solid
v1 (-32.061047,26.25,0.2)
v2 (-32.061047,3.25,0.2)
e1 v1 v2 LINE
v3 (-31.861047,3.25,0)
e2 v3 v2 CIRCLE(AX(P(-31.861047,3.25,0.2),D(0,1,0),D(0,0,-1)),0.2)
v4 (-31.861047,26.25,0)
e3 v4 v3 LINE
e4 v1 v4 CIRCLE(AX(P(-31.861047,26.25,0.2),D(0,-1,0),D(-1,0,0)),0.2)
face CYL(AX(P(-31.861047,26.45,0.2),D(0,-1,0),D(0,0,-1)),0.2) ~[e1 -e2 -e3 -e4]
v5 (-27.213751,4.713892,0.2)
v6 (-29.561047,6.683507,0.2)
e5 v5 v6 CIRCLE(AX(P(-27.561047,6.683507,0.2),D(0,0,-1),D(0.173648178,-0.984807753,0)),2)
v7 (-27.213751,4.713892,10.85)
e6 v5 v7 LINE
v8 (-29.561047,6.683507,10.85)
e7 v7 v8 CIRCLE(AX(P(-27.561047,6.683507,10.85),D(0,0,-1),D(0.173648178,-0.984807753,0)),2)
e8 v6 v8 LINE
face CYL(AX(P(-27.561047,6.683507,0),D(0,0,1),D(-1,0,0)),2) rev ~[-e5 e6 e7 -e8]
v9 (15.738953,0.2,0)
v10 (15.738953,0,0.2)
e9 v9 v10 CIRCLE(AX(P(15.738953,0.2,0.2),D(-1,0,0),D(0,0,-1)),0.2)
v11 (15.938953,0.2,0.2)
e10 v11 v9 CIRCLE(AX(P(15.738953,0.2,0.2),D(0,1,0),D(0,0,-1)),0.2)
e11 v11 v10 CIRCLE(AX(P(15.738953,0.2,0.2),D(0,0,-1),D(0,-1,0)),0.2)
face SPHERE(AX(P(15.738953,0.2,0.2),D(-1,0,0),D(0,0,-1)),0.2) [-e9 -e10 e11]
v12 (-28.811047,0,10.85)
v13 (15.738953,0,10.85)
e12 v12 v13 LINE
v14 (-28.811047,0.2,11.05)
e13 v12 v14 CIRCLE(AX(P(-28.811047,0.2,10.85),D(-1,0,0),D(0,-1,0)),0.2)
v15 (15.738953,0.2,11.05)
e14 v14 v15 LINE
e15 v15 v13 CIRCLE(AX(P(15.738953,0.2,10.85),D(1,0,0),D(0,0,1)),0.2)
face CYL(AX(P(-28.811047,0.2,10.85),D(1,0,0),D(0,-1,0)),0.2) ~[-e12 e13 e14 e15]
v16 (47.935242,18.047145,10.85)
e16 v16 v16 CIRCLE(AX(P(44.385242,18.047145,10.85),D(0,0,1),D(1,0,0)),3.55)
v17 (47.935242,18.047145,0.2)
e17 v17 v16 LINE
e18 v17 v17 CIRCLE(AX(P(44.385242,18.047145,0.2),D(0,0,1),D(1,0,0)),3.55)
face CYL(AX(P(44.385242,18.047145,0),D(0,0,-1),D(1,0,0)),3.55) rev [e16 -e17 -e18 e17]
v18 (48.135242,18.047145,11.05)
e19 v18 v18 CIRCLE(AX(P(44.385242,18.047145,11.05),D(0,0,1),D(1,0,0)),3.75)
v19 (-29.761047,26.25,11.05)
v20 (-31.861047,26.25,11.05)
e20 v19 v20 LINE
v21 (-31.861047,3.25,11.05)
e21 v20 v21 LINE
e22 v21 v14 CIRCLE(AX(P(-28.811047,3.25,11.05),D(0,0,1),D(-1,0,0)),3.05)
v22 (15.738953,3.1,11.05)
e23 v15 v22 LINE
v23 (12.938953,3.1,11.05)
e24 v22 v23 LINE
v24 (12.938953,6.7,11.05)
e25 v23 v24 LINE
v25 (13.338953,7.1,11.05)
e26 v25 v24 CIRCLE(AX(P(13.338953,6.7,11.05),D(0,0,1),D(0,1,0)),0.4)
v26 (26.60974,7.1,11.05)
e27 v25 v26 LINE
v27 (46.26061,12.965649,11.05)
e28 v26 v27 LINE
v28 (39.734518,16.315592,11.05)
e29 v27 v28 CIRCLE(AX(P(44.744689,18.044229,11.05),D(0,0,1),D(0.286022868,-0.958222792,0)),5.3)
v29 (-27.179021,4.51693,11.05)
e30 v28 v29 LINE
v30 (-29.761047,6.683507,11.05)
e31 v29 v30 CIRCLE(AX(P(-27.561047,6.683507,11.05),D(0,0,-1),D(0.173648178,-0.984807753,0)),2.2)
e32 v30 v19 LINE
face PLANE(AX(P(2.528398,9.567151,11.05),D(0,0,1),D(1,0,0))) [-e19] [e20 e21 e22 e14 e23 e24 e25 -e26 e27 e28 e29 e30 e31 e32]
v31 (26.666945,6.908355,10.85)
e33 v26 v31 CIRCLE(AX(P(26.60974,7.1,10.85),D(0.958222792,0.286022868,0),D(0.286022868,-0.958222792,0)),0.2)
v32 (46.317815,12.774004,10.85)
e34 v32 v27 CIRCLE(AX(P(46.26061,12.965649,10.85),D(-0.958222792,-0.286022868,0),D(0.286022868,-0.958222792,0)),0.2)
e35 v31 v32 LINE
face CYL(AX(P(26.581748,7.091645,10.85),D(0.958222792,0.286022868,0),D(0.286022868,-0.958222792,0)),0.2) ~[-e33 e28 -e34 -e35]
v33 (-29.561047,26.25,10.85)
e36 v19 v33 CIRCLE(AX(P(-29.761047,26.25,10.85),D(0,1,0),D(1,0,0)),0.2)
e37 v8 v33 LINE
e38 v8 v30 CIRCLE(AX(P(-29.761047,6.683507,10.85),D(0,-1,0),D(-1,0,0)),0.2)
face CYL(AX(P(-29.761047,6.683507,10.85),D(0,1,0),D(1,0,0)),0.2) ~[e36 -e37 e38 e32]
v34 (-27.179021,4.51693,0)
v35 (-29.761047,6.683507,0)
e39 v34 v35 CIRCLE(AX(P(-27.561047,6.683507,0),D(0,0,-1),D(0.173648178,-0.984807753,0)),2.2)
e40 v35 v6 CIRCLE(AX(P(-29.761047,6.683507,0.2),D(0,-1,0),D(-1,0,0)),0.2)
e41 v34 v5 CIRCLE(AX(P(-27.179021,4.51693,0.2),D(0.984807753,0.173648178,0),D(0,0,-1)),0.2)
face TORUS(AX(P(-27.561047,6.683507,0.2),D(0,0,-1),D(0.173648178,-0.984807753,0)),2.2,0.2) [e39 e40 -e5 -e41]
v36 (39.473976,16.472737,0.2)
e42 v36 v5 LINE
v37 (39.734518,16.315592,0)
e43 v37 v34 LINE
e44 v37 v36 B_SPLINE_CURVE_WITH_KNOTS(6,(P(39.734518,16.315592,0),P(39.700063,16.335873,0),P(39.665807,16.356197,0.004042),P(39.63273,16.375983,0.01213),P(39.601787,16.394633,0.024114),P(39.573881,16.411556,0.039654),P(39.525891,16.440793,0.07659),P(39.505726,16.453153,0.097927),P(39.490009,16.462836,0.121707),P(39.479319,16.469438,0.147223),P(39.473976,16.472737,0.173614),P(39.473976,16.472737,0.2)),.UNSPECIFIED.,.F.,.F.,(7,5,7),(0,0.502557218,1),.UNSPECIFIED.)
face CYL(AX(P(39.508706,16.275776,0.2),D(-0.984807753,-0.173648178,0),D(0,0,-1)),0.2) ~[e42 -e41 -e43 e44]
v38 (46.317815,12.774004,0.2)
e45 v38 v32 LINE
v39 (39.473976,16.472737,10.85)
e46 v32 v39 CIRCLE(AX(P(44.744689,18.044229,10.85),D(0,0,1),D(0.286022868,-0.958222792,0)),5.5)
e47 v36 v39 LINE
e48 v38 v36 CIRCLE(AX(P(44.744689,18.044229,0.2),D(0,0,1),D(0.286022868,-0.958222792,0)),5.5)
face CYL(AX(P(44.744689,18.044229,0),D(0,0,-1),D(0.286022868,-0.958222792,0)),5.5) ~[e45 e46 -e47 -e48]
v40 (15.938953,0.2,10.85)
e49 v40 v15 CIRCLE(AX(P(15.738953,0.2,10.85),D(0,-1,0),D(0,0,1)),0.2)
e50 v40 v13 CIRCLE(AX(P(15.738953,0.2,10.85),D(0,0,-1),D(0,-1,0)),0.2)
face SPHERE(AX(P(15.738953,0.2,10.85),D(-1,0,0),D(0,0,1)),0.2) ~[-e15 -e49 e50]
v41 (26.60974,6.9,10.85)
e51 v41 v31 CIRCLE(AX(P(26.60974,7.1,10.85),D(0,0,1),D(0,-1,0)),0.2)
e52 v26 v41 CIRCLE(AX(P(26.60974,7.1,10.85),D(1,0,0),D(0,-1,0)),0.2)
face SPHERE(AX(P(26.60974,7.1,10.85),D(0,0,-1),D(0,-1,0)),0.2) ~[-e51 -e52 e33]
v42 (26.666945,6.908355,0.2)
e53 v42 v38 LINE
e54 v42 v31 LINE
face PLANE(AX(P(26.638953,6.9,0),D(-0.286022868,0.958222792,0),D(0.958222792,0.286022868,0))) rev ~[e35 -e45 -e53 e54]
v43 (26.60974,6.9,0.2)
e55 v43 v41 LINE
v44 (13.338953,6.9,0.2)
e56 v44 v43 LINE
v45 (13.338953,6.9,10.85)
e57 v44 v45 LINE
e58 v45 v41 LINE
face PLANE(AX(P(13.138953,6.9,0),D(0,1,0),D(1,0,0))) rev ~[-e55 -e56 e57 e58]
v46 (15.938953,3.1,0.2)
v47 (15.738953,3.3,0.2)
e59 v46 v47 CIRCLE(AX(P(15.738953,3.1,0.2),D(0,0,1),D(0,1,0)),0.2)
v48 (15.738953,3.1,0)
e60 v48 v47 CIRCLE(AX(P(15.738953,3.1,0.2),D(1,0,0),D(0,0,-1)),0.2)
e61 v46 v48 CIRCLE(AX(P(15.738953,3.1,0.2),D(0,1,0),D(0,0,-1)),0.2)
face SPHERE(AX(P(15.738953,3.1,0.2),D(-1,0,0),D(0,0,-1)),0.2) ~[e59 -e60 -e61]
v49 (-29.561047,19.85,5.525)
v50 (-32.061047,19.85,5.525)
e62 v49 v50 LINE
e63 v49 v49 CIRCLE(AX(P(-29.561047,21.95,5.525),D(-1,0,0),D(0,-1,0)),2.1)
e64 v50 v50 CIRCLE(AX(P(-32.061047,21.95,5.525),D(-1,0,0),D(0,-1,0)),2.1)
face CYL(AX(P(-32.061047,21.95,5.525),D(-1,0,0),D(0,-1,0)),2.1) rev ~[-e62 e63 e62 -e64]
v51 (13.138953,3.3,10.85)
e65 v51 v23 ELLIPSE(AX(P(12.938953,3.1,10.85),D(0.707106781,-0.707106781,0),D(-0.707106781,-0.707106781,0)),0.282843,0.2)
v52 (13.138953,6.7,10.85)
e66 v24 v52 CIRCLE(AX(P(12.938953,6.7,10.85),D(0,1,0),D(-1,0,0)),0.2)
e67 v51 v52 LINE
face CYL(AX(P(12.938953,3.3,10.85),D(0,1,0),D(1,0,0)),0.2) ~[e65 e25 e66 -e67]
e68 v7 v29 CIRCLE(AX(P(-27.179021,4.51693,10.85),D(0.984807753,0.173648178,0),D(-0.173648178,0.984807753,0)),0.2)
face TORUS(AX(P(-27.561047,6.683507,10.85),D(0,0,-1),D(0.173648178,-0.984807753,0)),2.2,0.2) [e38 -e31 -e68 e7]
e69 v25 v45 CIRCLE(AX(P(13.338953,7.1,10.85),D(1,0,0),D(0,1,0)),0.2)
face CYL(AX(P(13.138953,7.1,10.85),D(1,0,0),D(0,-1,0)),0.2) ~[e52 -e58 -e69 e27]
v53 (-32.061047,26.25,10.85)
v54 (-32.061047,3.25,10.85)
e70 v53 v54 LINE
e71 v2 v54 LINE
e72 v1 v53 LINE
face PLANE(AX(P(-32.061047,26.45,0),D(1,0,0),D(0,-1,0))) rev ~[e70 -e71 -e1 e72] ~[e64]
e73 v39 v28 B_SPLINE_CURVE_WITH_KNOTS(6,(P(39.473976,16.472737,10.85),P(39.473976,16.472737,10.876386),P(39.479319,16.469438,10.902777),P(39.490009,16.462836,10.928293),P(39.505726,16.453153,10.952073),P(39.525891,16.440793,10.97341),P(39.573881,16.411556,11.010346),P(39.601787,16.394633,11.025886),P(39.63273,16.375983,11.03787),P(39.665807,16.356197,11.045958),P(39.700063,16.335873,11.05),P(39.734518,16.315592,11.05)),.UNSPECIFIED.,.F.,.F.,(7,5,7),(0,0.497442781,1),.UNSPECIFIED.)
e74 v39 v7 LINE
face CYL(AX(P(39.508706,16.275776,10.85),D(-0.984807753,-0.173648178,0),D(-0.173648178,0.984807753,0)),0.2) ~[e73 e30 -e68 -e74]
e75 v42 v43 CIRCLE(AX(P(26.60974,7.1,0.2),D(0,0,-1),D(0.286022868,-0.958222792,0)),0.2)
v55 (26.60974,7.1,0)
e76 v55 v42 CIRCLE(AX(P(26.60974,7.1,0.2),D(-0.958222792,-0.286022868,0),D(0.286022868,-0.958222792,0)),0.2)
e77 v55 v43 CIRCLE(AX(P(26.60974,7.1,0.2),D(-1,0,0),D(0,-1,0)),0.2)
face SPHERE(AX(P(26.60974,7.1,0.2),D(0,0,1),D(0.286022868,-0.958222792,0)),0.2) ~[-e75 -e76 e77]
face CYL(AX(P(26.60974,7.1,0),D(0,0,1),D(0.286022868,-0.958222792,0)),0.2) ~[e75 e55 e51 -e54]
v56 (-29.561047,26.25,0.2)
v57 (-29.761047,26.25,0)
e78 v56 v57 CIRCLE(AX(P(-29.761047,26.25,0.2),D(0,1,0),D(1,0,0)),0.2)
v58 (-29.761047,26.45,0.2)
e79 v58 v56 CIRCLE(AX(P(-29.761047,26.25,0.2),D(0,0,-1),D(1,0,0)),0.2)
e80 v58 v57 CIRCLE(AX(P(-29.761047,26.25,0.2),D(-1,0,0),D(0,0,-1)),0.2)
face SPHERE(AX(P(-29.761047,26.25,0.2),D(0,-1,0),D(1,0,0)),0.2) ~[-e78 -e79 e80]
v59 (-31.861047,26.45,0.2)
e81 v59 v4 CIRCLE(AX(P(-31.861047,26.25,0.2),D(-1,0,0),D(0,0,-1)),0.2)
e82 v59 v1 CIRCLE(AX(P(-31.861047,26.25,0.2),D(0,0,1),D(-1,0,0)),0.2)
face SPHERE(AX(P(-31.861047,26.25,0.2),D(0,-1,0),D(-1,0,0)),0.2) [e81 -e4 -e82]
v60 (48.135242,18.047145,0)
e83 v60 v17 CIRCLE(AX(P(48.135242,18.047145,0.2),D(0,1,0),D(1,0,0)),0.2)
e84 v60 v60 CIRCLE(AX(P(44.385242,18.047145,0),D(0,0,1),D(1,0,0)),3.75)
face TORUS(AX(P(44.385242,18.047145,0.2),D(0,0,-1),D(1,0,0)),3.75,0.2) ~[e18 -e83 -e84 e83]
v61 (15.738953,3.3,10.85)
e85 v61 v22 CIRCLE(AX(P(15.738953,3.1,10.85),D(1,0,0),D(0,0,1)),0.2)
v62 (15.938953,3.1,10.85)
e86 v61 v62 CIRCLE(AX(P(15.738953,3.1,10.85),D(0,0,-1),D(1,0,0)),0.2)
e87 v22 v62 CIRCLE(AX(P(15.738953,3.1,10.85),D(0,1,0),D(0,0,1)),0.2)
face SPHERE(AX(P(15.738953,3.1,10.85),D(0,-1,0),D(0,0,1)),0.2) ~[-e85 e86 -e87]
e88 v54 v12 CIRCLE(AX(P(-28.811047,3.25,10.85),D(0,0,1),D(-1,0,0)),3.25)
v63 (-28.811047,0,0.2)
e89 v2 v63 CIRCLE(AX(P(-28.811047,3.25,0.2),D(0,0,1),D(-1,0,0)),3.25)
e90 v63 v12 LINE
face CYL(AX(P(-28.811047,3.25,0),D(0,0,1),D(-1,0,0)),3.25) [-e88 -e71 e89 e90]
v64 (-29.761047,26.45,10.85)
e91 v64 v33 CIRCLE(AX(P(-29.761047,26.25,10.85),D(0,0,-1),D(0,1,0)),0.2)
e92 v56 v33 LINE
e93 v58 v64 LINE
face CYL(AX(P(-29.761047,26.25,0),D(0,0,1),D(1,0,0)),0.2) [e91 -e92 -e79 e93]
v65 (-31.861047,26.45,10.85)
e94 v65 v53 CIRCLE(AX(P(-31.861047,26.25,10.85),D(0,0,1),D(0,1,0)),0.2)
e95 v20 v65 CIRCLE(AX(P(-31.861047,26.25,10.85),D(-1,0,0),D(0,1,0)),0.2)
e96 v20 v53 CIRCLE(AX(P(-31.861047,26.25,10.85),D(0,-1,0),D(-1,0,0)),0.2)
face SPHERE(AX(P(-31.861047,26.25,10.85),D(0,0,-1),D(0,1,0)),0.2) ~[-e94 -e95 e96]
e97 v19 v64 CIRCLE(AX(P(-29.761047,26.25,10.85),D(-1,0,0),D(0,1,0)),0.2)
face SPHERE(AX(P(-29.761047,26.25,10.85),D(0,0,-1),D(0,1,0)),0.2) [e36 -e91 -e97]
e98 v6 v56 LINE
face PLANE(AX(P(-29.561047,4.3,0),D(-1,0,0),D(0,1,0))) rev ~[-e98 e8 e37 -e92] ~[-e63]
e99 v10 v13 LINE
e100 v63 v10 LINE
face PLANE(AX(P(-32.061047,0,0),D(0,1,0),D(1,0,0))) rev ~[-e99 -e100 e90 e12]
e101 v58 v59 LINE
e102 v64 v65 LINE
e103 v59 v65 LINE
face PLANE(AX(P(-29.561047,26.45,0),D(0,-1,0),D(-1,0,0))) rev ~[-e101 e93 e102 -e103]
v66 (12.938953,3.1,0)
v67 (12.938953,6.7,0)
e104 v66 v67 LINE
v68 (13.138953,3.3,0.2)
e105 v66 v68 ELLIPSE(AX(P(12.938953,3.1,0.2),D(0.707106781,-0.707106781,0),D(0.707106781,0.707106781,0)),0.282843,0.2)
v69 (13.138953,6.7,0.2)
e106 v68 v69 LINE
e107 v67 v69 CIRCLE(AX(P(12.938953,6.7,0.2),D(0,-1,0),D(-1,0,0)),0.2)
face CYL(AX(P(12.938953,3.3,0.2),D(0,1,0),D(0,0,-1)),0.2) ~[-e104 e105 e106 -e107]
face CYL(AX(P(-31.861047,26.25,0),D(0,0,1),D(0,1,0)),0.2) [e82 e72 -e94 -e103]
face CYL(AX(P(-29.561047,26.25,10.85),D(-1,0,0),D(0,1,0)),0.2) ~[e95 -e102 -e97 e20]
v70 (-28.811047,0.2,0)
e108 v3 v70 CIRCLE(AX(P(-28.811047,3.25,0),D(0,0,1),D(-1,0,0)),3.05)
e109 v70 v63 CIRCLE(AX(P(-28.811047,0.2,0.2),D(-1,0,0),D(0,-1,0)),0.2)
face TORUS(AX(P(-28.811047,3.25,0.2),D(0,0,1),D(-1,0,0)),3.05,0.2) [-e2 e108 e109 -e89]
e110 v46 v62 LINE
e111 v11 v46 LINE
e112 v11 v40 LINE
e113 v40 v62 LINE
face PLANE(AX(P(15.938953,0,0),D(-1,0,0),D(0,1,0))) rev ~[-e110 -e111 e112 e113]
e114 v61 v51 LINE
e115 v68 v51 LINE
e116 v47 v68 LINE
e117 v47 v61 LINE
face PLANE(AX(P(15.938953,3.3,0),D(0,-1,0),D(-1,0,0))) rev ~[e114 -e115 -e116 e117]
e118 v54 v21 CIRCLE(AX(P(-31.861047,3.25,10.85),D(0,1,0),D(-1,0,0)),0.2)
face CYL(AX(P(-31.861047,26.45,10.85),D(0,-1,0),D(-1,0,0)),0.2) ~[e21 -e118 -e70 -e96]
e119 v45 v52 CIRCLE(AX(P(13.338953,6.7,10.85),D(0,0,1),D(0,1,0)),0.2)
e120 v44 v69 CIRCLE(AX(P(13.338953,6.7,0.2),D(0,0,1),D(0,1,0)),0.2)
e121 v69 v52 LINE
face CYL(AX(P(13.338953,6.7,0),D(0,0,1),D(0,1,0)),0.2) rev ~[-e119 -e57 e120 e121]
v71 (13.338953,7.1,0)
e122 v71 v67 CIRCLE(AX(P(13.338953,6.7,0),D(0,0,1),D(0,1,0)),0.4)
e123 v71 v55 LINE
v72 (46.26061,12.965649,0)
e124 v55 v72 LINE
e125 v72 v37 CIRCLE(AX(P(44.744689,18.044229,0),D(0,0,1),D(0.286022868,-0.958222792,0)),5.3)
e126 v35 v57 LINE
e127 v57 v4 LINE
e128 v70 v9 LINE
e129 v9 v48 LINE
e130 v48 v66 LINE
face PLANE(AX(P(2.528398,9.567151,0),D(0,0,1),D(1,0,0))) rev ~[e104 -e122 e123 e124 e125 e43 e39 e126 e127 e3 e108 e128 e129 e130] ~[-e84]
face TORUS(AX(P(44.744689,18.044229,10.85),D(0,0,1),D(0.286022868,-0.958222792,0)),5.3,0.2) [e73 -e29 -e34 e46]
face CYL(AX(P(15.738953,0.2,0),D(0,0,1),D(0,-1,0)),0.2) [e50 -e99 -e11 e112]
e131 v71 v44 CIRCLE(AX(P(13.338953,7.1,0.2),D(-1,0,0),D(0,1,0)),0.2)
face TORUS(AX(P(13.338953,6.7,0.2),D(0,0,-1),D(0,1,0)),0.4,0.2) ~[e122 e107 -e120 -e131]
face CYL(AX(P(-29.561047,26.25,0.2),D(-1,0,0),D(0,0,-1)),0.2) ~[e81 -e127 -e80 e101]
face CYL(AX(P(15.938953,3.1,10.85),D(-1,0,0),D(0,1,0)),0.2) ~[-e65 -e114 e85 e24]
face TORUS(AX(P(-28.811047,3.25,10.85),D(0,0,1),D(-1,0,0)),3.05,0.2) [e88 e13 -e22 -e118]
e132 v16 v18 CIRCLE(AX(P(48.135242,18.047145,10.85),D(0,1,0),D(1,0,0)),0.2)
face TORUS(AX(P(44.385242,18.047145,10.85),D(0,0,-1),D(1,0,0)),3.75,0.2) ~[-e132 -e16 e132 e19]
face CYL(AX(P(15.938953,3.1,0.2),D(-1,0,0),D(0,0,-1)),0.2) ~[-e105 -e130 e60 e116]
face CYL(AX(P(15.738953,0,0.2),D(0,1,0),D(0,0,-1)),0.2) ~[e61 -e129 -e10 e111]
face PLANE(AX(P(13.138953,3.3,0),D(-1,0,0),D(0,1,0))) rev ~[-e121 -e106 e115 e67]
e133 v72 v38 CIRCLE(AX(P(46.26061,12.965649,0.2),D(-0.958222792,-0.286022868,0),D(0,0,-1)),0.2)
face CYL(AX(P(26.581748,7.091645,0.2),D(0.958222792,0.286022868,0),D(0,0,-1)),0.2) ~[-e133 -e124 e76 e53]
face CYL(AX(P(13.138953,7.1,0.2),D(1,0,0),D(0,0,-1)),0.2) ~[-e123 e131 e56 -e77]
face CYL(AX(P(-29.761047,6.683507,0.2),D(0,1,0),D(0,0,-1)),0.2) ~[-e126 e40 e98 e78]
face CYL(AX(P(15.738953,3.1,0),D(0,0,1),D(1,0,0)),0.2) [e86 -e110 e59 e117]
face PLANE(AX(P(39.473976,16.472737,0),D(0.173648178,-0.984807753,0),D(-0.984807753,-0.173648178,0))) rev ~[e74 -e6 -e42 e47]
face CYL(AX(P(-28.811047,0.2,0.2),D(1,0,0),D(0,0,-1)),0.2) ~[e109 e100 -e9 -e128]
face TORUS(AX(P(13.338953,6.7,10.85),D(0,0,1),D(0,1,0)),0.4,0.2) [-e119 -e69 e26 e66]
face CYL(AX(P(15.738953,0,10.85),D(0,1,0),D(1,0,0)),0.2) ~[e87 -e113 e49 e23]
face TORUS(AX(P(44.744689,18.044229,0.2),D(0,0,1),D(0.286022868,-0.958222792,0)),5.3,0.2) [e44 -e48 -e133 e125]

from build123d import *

# Parameters (mm, degrees)
F0_R     = 3.55
F1_DEPTH = 11.05
F2_R     = 3.25
F3_R     = 2
F4_R     = 0.2
F5_R     = 2.1
F6_DEPTH = 12.5


with BuildPart() as f1:
    # F0 (on Top) → F1 (new body)
    with BuildSketch(Plane.XY):
        with BuildLine():
            Line((-29.5610473286, 26.45), (-32.0610473286, 26.45))
            Line((-32.0610473286, 26.45), (-32.0610473286, 0))
            Line((-32.0610473286, 0), (-29.5610473286, 0))
            Line((-29.5610473286, 0), (15.9389526714, 0))
            Line((15.9389526714, 0), (15.9389526714, 3.3))
            Line((15.9389526714, 3.3), (13.1389526714, 3.3))
            Line((13.1389526714, 3.3), (13.1389526714, 6.9))
            Line((13.1389526714, 6.9), (26.6389526714, 6.9))
            Line((26.6389526714, 6.9), (46.3178146432, 12.7740040214))
            ThreePointArc((46.3178146432, 12.7740040214), (47.3596829779, 22.8828041492), (39.4739761576, 16.4727372545))
            Line((39.4739761576, 16.4727372545), (-29.5610473286, 4.3))
            Line((-29.5610473286, 4.3), (-29.5610473286, 26.45))
        make_face()
        with Locations((44.3852424027, 18.0471445908)):
            Circle(F0_R, mode=Mode.SUBTRACT)
    extrude(amount=F1_DEPTH)

    # F2
    f2_edges = [f1.edges().sort_by_distance(p)[0] for p in [
        (-32.061047, 0, 5.525),
    ]]
    fillet(f2_edges, radius=F2_R)

    # F3
    f3_edges = [f1.edges().sort_by_distance(p)[0] for p in [
        (-29.561047, 4.3, 5.525),
    ]]
    fillet(f3_edges, radius=F3_R)

    # F4
    f4_edges = [f1.edges().sort_by_distance(p)[0] for p in [
        (6.130113, 10.593314, 0),
        (47.359683, 22.882804, 0),
        (36.478384, 9.837002, 0),
        (19.888953, 6.9, 0),
        (13.138953, 5.1, 0),
        (14.538953, 3.3, 0),
        (-6.436047, 0, 0),
        (15.938953, 1.65, 0),
        (-31.109144, 0.951903, 0),
        (-28.846623, 5.151418, 0),
        (-29.561047, 16.566754, 0),
        (-32.061047, 14.85, 0),
        (-32.061047, 26.45, 5.525),
        (-29.561047, 26.45, 5.525),
        (-30.811047, 26.45, 11.05),
        (-32.061047, 14.85, 11.05),
        (-29.561047, 16.566754, 11.05),
        (-31.109144, 0.951903, 11.05),
        (-28.846623, 5.151418, 11.05),
        (-6.436047, 0, 11.05),
        (6.130113, 10.593314, 11.05),
        (15.938953, 1.65, 11.05),
        (19.888953, 6.9, 11.05),
        (36.478384, 9.837002, 11.05),
        (47.359683, 22.882804, 11.05),
        (14.538953, 3.3, 11.05),
        (15.938953, 3.3, 5.525),
        (13.138953, 5.1, 11.05),
        (13.138953, 6.9, 5.525),
        (15.938953, 0, 5.525),
        (26.638953, 6.9, 5.525),
        (40.835242, 18.047145, 11.05),
        (40.835242, 18.047145, 0),
        (-30.811047, 26.45, 0),
    ]]
    fillet(f4_edges, radius=F4_R)

    # F5 (on face) → F6 (cut, symmetric)
    with BuildSketch(Plane(origin=(-32.0610473286, 0, 0), x_dir=(0, -1, 0), z_dir=(-1, 0, 0))):
        with Locations((-21.95, 5.525)):
            Circle(F5_R)
    extrude(amount=F6_DEPTH, both=True, mode=Mode.SUBTRACT)


solid = f1.part
